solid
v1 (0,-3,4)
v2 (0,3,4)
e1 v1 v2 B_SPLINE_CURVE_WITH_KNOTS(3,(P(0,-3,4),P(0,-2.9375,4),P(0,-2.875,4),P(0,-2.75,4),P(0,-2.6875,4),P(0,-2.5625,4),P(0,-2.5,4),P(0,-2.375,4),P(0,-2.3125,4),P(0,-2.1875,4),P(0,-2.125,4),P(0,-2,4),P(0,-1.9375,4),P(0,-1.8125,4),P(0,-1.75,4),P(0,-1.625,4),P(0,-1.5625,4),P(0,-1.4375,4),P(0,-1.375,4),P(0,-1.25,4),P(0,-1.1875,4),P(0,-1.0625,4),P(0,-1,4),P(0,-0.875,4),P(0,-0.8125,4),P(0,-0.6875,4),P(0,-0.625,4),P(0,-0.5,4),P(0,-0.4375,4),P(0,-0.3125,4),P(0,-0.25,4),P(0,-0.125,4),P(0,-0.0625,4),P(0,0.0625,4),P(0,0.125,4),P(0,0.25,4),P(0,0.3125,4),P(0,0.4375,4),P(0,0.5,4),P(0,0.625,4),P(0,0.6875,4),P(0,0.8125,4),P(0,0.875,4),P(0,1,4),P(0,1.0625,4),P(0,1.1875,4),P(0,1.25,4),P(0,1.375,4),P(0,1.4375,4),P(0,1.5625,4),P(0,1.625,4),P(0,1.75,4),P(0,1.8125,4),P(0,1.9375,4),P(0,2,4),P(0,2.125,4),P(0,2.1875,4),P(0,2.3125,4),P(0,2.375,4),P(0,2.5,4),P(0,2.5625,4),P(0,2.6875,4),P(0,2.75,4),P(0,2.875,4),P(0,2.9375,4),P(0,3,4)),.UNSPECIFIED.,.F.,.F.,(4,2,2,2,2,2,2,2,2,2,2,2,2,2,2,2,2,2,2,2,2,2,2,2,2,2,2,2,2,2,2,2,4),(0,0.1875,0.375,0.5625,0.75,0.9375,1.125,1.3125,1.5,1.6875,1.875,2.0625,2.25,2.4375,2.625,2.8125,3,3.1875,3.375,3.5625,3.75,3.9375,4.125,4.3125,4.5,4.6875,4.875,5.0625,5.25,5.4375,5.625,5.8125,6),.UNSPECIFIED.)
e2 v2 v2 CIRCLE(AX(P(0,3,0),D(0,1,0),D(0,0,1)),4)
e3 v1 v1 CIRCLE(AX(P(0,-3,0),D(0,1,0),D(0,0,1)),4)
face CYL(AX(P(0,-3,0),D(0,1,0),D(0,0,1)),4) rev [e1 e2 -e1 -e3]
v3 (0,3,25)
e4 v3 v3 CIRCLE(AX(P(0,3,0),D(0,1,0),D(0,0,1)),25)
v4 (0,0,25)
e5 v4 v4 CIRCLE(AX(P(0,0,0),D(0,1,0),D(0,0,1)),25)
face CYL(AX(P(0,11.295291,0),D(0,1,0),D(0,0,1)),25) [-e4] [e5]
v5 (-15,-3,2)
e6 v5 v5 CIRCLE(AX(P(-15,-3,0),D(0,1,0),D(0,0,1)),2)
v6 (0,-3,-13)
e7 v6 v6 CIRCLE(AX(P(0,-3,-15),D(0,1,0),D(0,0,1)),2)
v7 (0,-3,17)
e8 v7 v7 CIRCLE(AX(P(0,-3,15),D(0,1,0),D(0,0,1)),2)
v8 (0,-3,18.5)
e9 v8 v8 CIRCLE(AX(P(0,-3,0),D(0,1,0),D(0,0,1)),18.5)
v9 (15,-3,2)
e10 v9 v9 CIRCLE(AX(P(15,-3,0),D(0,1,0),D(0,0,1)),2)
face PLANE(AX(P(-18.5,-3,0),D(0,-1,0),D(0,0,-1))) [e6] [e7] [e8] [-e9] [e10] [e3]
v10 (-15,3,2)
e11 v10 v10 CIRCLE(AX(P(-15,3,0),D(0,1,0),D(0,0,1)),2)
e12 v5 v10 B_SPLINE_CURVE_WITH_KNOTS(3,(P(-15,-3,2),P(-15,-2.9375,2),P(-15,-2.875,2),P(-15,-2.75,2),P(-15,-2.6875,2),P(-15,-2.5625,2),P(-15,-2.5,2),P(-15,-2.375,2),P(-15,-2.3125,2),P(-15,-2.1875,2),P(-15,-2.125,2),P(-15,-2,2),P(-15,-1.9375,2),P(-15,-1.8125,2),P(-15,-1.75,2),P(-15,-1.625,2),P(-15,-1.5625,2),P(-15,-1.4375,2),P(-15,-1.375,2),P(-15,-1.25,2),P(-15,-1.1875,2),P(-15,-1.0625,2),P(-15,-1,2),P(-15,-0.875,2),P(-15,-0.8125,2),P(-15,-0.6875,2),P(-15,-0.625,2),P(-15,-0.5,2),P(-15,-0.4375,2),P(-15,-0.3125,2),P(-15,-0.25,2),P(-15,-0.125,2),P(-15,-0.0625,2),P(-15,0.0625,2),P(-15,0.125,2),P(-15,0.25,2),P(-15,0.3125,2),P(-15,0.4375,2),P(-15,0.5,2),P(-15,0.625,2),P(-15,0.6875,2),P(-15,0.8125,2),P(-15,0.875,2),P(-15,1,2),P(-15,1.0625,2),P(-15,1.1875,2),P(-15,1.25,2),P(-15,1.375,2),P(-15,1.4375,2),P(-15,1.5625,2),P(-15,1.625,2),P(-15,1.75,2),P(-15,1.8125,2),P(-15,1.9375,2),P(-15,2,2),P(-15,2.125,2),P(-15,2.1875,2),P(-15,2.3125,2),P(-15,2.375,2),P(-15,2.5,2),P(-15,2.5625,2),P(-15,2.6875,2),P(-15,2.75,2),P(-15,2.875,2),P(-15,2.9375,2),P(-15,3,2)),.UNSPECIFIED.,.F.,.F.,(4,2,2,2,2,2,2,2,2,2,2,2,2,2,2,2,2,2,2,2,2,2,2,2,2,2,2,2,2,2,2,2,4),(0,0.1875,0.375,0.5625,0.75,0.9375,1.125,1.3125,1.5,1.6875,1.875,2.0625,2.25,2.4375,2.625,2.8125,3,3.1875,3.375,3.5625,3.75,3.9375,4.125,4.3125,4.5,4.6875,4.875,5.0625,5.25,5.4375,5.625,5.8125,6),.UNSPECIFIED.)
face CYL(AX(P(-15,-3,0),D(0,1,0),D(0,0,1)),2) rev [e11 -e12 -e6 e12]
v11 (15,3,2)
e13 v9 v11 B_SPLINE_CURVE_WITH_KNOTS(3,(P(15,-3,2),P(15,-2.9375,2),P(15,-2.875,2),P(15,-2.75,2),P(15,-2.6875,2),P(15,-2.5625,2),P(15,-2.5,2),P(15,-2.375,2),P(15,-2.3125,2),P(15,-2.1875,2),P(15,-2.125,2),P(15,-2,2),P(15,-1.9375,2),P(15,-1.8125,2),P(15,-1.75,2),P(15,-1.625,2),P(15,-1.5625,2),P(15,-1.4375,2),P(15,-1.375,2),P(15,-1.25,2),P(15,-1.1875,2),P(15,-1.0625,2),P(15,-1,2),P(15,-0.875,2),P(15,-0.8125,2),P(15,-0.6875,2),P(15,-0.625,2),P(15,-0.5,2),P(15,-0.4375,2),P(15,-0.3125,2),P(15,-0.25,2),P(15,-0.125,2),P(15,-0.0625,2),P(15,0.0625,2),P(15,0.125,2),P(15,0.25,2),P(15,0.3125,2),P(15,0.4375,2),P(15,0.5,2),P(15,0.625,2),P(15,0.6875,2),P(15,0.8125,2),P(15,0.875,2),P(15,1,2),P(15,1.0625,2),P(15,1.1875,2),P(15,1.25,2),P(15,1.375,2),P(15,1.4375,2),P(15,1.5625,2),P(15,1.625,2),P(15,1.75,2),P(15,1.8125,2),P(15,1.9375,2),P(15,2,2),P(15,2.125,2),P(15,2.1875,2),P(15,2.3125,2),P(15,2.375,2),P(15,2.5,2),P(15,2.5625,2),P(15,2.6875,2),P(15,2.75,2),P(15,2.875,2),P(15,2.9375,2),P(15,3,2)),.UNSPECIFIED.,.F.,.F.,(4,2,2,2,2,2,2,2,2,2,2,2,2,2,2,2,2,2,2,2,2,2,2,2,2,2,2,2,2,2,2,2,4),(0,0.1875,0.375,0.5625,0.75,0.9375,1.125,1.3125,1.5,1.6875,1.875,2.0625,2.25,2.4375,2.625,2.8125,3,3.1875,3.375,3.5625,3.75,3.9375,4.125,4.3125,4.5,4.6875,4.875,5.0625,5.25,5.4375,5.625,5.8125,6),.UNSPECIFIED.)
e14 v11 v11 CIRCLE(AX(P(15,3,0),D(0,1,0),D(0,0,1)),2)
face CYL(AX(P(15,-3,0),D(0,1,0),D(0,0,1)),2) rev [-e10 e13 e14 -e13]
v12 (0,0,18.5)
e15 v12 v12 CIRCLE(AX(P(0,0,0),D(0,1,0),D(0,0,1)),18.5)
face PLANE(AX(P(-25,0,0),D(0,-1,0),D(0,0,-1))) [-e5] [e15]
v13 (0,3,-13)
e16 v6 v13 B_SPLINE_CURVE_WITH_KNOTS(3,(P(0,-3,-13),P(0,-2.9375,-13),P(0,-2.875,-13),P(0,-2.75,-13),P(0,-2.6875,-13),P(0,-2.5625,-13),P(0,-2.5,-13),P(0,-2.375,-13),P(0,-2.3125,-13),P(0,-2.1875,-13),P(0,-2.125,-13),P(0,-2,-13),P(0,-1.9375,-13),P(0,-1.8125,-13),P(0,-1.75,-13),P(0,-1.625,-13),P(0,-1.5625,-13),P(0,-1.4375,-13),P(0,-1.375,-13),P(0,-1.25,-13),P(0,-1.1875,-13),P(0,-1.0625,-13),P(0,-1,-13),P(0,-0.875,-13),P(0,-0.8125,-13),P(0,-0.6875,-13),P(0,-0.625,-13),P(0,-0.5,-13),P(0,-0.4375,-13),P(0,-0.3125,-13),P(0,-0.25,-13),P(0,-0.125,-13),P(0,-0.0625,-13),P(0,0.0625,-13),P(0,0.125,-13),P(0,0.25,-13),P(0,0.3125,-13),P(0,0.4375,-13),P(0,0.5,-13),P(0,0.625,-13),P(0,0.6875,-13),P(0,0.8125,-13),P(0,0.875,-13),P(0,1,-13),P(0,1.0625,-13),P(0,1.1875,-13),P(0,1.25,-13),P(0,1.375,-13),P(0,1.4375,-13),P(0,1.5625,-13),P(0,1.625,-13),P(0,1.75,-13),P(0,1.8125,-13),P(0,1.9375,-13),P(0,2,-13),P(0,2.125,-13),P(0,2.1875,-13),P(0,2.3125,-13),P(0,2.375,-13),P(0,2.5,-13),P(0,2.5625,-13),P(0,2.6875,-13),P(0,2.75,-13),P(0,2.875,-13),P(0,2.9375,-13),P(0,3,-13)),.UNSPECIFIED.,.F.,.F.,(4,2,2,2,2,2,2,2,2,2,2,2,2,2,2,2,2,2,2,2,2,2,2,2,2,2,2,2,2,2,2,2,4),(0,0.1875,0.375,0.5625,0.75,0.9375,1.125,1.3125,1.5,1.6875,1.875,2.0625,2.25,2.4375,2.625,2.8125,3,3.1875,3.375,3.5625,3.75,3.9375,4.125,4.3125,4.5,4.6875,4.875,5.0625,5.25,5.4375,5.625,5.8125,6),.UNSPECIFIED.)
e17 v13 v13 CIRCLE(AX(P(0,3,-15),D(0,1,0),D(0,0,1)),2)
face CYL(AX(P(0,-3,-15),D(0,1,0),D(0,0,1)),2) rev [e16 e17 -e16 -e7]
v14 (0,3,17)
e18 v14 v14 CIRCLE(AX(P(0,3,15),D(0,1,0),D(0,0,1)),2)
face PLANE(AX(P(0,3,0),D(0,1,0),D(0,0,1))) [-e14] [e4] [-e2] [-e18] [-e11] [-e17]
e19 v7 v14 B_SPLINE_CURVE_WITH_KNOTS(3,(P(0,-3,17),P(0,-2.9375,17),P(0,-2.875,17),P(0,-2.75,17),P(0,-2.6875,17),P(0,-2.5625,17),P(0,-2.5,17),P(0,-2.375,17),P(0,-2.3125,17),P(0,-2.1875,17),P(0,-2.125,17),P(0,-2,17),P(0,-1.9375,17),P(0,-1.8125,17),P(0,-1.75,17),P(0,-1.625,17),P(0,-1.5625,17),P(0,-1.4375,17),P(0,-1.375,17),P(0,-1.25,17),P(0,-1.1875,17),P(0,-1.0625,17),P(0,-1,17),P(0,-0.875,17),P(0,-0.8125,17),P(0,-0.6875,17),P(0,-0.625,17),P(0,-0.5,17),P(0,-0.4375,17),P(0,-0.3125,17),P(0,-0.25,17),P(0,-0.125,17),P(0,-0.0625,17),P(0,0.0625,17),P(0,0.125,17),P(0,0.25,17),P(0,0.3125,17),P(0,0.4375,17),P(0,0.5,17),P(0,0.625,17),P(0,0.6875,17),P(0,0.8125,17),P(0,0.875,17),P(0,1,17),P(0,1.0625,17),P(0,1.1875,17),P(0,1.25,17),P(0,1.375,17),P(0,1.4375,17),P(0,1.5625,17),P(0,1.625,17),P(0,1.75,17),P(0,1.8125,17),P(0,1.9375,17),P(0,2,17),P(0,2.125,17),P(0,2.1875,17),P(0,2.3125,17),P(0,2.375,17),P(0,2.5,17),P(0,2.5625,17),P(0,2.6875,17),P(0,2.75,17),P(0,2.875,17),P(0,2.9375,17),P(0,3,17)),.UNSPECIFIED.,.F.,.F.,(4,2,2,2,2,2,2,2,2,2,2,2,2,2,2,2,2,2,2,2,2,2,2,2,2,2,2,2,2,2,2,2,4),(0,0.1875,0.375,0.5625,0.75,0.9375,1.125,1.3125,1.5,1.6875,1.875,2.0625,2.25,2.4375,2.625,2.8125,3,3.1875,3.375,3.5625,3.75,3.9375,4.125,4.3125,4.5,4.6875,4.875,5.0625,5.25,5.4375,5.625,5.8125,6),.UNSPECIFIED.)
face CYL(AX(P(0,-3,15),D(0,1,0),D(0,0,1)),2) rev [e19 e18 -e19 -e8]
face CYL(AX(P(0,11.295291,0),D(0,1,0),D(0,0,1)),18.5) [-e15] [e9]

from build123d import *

# Parameters (mm, degrees)
SKETCH_2_R          = 2
SKETCH_2_R_2        = 4
CUT_EXTRUDE_1_DEPTH = 36.860842154


with BuildPart() as part:
    # 草图1 → 旋转1 (revolve)
    with BuildSketch(Plane.XY, mode=Mode.PRIVATE) as revolve_1_sk:
        Polygon((0, 3), (-25, 3), (-25, 0), (-18.5, 0), (-18.5, -3), (0, -3), align=None)
    revolve(revolve_1_sk.sketch.rotate(Axis((0, 11.295290754, 0), (0, -1, 0)), 270), axis=Axis((0, 11.295290754, 0), (0, -1, 0)))

    # 草图2 → 切除-拉伸1 (cut, through all)
    with BuildSketch(Plane(origin=(0, 3, 0), x_dir=(1, 0, 0), z_dir=(0, 1, 0))):
        with Locations(Location((0, 15, 0), (0, 0, 270))):
            Circle(SKETCH_2_R)
        with Locations(Location((15, 0, 0), (0, 0, 270))):
            Circle(SKETCH_2_R)
        with Locations(Location((0, -15, 0), (0, 0, 270))):
            Circle(SKETCH_2_R)
        with Locations(Location((-15, 0, 0), (0, 0, 270))):
            Circle(SKETCH_2_R)
        with Locations(Location((0, 0, 0), (0, 0, 270))):
            Circle(SKETCH_2_R_2)
    extrude(amount=-CUT_EXTRUDE_1_DEPTH, mode=Mode.SUBTRACT)


solid = part.part
